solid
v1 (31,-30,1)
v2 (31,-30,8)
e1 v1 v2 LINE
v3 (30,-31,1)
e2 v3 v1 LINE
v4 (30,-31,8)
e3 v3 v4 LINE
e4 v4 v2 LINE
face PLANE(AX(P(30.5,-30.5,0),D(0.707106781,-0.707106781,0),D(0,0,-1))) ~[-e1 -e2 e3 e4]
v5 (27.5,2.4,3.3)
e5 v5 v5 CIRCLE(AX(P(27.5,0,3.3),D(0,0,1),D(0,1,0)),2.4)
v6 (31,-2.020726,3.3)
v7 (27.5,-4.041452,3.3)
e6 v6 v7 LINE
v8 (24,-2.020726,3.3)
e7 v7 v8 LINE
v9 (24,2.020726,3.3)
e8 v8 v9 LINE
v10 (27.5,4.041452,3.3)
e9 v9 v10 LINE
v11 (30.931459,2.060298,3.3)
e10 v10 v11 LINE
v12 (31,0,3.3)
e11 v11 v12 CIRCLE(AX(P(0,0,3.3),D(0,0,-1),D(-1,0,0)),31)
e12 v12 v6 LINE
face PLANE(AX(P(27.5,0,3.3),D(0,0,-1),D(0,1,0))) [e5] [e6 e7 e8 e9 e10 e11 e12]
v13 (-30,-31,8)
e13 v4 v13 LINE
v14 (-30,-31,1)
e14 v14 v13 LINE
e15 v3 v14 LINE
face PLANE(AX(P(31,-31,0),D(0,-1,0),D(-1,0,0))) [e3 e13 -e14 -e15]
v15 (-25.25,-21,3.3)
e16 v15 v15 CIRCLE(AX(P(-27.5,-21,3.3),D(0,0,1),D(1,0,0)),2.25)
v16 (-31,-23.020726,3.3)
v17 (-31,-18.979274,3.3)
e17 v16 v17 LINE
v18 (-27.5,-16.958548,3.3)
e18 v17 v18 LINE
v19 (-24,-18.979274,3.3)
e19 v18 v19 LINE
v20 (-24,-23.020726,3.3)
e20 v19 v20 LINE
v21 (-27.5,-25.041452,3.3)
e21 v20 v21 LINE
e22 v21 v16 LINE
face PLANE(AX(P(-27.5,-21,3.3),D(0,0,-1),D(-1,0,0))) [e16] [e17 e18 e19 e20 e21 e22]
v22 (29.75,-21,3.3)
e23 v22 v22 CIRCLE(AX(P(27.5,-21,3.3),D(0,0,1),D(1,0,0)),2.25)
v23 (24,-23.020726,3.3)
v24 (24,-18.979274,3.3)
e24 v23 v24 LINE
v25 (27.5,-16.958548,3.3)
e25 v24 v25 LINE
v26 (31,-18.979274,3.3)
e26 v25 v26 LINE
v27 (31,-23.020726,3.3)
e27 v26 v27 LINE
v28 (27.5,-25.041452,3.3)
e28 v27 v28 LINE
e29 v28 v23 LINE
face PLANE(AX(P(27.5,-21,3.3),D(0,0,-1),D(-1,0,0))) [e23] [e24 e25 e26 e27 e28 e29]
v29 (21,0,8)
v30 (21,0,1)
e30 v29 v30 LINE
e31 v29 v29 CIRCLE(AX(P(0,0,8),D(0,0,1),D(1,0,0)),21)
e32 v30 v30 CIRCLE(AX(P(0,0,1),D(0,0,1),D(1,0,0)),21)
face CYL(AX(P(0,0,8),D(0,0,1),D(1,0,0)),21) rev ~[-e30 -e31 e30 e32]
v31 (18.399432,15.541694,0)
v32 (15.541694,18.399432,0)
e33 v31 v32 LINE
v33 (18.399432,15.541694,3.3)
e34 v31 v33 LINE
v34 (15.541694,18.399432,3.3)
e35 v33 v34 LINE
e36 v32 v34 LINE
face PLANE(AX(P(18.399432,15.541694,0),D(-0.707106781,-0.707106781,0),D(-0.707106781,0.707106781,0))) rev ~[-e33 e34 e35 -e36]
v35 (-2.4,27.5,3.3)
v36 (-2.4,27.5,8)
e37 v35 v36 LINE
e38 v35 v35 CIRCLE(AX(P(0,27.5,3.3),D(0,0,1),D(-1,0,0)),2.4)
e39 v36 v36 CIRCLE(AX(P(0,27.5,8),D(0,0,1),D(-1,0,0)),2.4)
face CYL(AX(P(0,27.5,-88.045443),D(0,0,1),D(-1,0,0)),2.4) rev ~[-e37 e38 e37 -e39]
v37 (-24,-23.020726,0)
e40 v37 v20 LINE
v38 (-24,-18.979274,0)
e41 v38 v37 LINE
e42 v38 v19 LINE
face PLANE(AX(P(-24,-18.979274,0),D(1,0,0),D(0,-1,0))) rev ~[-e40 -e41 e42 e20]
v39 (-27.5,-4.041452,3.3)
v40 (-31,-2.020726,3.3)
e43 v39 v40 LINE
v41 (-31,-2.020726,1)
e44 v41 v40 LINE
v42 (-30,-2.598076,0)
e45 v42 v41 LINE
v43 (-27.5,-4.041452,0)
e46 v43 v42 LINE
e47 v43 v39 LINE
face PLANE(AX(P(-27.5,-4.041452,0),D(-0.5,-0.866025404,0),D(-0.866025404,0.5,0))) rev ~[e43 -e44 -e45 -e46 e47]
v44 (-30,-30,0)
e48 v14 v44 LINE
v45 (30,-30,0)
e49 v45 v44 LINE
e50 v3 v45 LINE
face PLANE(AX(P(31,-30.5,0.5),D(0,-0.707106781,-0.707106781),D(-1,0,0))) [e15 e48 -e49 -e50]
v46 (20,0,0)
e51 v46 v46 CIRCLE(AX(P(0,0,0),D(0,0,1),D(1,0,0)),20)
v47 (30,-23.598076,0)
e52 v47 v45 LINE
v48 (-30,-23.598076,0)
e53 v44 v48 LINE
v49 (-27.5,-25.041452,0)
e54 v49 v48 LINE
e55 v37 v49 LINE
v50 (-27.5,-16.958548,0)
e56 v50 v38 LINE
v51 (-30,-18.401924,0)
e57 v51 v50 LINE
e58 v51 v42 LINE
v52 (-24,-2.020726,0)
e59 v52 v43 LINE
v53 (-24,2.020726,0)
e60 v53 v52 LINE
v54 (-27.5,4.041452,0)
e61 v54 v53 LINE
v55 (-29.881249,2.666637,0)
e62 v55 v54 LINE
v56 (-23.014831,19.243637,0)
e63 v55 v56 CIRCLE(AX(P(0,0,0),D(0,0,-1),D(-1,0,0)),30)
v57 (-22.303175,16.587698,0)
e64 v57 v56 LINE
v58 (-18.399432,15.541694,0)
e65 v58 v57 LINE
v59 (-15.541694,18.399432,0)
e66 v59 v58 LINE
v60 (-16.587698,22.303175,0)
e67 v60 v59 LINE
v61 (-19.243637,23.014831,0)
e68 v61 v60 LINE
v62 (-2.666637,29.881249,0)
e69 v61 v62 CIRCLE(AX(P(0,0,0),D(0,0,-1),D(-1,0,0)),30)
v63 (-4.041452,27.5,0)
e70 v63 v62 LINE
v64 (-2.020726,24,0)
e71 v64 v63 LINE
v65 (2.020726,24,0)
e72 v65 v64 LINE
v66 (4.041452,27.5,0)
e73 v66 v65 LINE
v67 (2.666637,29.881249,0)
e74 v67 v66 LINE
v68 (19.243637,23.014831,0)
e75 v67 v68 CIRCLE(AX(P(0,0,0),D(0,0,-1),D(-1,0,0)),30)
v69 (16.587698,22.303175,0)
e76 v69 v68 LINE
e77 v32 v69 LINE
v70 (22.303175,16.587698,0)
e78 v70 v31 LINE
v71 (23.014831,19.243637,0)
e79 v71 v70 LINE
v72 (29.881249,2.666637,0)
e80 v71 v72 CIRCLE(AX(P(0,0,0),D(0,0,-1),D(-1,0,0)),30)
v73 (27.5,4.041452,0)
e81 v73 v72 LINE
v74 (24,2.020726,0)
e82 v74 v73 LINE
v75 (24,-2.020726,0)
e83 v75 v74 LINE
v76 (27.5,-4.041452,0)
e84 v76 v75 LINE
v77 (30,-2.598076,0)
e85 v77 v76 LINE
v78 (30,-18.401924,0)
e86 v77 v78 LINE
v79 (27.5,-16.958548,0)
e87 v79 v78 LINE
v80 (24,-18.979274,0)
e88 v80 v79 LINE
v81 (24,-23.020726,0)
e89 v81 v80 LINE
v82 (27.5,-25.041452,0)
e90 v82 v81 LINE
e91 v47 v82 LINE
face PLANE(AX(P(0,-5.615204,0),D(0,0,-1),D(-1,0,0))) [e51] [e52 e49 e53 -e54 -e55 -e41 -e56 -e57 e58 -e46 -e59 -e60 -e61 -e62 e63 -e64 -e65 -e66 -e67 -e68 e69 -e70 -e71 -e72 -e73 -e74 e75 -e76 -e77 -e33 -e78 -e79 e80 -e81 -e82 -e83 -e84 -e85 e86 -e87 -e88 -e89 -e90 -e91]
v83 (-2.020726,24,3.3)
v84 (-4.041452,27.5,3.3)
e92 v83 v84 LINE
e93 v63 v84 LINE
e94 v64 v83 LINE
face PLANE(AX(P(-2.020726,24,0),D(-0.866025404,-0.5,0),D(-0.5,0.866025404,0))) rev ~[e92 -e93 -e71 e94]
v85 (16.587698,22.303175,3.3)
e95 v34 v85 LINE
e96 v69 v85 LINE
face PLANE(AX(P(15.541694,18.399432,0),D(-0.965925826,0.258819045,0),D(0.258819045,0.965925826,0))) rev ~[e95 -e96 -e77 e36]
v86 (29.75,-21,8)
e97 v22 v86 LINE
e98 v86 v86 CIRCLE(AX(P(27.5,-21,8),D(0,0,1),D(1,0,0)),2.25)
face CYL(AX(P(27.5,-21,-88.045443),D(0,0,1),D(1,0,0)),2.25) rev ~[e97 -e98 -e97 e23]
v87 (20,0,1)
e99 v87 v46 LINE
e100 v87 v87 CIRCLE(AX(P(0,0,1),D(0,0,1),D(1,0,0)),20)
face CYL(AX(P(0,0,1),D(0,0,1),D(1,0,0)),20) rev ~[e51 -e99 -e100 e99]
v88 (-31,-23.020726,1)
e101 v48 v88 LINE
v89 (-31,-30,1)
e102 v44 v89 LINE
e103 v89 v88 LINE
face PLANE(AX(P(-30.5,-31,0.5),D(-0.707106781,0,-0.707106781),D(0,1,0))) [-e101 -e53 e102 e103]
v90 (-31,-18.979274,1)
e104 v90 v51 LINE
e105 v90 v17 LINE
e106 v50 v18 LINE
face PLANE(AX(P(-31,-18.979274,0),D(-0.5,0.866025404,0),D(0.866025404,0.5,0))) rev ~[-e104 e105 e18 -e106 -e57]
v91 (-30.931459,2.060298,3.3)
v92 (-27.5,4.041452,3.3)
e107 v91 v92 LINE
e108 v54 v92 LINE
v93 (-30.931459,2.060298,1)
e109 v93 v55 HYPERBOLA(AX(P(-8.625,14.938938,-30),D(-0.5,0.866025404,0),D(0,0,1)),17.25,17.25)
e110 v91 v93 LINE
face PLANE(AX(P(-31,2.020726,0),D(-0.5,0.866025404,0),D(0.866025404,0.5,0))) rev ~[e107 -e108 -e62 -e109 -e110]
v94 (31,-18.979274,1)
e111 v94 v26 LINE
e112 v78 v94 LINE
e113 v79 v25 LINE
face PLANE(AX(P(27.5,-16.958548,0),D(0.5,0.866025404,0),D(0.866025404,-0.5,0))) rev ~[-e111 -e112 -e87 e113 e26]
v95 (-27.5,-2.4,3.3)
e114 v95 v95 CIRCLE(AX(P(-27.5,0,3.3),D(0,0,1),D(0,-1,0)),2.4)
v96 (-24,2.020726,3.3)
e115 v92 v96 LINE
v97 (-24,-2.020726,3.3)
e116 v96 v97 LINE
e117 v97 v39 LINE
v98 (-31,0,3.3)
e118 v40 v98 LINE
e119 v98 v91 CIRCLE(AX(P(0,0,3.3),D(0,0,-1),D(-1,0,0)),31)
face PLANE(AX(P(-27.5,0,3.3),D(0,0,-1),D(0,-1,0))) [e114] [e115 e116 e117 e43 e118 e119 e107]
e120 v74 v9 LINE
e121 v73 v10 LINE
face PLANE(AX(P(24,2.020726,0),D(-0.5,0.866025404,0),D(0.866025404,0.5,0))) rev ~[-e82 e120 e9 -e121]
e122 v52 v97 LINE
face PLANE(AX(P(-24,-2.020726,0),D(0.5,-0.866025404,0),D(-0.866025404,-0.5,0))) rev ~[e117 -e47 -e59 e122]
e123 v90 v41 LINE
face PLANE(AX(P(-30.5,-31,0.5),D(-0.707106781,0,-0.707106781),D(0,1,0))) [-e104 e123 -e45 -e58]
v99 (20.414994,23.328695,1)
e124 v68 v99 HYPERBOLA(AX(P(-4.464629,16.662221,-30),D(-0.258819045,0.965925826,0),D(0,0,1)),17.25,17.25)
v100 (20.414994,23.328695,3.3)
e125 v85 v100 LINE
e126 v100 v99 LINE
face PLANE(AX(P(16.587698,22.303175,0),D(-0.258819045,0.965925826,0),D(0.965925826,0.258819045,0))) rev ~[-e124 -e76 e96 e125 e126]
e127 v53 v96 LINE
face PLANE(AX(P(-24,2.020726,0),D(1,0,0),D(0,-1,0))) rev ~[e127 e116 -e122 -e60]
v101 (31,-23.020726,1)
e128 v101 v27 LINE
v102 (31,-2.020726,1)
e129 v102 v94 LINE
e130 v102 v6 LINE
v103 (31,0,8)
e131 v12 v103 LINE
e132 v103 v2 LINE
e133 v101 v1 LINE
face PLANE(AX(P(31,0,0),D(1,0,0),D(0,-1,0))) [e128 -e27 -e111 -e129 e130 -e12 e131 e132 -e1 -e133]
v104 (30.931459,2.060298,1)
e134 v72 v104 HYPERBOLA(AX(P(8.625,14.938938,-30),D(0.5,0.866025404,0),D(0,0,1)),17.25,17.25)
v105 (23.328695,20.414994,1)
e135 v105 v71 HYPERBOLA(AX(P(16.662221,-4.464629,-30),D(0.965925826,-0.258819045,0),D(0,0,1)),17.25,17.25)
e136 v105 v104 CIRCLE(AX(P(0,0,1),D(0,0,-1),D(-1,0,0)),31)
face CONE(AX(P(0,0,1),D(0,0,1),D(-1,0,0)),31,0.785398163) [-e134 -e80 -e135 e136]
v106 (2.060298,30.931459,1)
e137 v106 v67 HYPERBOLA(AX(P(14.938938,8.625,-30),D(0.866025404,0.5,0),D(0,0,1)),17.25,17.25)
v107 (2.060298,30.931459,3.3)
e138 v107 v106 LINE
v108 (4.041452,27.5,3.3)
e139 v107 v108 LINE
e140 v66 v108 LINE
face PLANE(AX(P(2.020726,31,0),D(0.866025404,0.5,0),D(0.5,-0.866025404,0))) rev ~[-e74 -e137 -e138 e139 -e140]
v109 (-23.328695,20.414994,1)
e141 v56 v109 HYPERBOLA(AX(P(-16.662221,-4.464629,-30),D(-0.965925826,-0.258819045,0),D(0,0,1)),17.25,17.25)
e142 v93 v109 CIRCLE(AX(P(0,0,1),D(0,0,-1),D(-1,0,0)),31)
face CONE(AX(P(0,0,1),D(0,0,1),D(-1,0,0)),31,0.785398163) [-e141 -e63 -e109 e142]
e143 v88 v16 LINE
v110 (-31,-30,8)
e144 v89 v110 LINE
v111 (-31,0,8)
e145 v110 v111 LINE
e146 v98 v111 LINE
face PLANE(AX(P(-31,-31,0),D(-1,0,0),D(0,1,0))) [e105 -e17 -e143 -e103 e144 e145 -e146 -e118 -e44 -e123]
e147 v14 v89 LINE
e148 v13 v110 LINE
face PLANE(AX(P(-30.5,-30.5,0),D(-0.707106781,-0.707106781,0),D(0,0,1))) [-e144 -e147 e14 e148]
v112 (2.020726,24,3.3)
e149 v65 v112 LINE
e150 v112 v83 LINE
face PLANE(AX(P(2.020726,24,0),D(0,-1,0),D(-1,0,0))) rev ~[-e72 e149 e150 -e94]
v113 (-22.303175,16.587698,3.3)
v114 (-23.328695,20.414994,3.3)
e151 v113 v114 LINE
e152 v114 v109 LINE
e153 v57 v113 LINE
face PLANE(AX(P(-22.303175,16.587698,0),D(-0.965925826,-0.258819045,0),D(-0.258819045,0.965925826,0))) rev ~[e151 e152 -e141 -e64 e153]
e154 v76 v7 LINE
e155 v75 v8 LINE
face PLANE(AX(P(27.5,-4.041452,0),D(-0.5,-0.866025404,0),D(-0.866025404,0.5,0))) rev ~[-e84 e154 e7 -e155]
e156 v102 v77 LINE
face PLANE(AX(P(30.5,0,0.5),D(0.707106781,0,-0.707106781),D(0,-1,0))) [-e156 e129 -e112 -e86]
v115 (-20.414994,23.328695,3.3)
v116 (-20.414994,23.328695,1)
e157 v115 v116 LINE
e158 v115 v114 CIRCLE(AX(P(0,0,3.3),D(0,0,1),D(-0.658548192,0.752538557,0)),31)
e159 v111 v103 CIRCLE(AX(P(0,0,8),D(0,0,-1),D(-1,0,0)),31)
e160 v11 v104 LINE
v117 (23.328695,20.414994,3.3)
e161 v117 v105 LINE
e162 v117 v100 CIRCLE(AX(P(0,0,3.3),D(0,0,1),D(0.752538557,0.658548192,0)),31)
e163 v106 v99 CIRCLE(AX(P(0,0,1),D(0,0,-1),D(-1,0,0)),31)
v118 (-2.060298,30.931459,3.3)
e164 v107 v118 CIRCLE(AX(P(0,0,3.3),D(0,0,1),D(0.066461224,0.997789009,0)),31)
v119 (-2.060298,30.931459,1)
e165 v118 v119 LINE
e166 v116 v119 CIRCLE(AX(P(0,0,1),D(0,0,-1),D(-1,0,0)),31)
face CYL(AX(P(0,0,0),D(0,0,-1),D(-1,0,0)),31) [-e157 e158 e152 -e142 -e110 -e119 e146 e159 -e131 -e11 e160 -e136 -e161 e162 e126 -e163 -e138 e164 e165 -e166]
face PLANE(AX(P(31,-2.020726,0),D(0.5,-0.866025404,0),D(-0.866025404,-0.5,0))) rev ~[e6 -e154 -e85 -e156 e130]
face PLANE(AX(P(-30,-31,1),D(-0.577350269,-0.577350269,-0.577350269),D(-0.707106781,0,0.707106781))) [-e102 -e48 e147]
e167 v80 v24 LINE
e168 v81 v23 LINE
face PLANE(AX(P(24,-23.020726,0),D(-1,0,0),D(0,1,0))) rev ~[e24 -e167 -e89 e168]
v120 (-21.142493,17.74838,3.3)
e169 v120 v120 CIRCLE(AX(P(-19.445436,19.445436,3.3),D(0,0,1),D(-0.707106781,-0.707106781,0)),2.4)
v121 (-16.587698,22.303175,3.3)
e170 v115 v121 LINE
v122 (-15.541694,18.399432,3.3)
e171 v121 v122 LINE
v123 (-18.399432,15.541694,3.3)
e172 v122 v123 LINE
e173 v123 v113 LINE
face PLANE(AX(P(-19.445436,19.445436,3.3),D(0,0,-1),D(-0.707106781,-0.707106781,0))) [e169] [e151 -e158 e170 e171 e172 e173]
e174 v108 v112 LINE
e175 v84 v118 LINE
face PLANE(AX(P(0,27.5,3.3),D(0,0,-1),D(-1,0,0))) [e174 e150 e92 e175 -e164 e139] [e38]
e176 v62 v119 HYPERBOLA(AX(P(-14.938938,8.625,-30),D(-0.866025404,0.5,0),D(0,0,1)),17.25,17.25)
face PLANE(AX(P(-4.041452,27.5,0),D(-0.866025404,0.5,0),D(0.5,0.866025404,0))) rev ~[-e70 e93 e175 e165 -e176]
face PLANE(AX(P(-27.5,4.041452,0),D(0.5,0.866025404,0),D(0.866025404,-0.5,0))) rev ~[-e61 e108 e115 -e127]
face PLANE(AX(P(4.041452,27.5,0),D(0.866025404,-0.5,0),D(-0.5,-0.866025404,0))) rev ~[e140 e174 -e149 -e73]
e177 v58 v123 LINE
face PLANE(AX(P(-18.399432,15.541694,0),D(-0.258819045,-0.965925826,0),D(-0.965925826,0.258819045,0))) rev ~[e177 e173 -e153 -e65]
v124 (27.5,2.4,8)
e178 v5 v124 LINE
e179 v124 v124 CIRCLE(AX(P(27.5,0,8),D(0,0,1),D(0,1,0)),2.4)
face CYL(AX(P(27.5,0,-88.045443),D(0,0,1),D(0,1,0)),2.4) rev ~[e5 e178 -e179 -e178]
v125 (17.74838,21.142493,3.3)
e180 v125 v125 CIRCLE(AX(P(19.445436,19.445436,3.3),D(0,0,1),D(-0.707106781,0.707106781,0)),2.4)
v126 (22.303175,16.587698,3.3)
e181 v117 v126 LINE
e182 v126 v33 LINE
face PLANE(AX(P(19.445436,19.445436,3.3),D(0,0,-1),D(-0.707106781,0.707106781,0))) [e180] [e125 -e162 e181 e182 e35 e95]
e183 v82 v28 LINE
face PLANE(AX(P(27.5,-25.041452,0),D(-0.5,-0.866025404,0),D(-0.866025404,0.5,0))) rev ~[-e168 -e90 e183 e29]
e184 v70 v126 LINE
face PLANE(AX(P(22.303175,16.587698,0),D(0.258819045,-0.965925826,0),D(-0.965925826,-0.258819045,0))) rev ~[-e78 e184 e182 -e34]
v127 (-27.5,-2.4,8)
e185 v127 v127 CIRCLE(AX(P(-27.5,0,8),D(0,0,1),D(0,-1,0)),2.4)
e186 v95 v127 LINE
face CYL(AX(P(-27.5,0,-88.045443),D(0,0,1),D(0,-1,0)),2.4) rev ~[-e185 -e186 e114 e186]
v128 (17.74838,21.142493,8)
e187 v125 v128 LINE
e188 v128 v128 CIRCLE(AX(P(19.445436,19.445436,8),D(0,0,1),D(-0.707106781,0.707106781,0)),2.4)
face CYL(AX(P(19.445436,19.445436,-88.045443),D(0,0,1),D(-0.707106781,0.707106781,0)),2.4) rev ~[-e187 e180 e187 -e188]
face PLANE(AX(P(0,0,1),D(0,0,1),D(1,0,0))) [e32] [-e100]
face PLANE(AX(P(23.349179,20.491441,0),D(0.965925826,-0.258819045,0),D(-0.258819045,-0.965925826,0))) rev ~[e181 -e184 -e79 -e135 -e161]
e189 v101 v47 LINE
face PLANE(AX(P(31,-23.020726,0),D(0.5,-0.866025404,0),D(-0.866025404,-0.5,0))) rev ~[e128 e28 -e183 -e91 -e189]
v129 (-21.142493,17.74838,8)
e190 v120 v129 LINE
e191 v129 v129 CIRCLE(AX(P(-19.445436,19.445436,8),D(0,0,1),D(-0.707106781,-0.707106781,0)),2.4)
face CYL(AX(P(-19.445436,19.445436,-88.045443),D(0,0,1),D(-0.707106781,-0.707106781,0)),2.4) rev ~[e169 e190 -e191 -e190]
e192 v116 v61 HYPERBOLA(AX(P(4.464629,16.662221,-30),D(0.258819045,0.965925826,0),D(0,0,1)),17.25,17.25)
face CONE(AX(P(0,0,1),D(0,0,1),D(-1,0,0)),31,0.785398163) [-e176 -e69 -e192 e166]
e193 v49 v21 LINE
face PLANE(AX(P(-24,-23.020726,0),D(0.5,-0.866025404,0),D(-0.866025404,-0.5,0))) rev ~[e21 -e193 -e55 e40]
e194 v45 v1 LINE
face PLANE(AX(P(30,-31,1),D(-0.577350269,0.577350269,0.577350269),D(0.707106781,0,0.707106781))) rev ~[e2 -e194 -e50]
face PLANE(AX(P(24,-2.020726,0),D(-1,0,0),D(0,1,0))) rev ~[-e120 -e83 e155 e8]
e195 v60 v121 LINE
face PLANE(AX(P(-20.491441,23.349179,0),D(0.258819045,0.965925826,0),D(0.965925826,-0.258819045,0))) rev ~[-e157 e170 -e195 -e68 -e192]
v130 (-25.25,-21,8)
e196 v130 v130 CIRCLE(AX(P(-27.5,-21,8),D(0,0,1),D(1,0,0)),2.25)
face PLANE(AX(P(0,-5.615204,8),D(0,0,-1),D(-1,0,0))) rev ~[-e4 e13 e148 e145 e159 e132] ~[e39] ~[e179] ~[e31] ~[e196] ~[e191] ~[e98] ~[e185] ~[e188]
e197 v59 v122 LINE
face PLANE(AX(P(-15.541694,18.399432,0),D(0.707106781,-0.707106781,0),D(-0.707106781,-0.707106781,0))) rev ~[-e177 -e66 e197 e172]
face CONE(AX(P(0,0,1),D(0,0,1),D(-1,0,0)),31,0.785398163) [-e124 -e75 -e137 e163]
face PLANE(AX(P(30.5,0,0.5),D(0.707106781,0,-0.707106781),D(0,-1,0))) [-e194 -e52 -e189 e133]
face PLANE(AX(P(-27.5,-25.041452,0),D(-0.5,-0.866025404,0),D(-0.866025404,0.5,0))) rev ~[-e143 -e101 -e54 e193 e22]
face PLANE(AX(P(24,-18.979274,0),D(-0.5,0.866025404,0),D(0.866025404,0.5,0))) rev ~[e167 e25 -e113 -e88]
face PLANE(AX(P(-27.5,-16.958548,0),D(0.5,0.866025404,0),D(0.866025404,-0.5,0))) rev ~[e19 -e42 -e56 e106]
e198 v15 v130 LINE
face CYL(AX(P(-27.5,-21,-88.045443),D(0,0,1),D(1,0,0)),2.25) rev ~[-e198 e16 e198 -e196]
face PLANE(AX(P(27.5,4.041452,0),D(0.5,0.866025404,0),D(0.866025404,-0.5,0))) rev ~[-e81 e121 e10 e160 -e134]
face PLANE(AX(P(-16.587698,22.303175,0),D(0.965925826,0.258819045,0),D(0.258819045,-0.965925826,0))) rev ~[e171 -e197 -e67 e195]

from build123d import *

# Parameters (mm, degrees)
EXTRUDE_1_DEPTH          = 8
HOLE_WIZARD_M4_1_D       = 4.8
PATTERN_CIRCULAR_1_COUNT = 8
CHAMFER_1_SIZE           = 1
CUT_EXTRUDE_2_DEPTH      = 3.3
PATTERN_CIRCULAR_3_COUNT = 8
SKETCH_7_R               = 21
CUT_EXTRUDE_4_DEPTH      = 7
SKETCH_8_R               = 20
CUT_EXTRUDE_5_DEPTH      = 45.395945761
HOLE_WIZARD_M4_2_D       = 4.5
CUT_EXTRUDE_6_DEPTH      = 3.3


with BuildPart() as part:
    # ｽｹｯﾁ1 → ﾎﾞｽ - 押し出し1 (new body)
    with BuildSketch(Plane.XY):
        with BuildLine():
            Line((31, -31), (-31, -31))
            Line((-31, -31), (-31, 0))
            ThreePointArc((-31, 0), (0, 31), (31, 0))
            Line((31, 0), (31, -31))
        make_face()
    extrude(amount=EXTRUDE_1_DEPTH)

    # M4 すきま穴1 (through all)
    with Locations(Plane(origin=(0, 0, 0), x_dir=(1, 0, 0), z_dir=(0, 0, -1))):
        with Locations((0, -27.5)):
            hole_wizard_m4_1 = Hole(HOLE_WIZARD_M4_1_D / 2)

    # 円形ﾊﾟﾀｰﾝ1: M4 すきま穴1 ×8 about axis, 3 skipped
    pattern_circular_1_axis = Axis((0, 0, 0), (0, 0, -1))
    add([hole_wizard_m4_1.rotate(pattern_circular_1_axis, i * 360 / PATTERN_CIRCULAR_1_COUNT) for i in range(1, PATTERN_CIRCULAR_1_COUNT) if i not in (3, 4, 5)], mode=Mode.SUBTRACT)

    # 面取り1
    chamfer_1_edges = [part.edges().sort_by_distance(p)[0] for p in [
        (31, -15.5, 0),
        (0, -31, 0),
        (-31, -15.5, 0),
        (0, 31, 0),
        (31, -31, 4),
        (-31, -31, 4),
    ]]
    chamfer(chamfer_1_edges, length=CHAMFER_1_SIZE)

    # ｽｹｯﾁ5 → ｶｯﾄ - 押し出し2 (cut)
    with BuildSketch(Plane(origin=(0, 0, 0), x_dir=(-1, 0, 0), z_dir=(0, 0, -1))):
        Polygon((2.020725942, 24), (4.041451884, 27.5), (2.020725942, 31), (-2.020725942, 31), (-4.041451884, 27.5), (-2.020725942, 24), align=None)
    cut_extrude_2 = extrude(amount=-CUT_EXTRUDE_2_DEPTH, mode=Mode.SUBTRACT)

    # 円形ﾊﾟﾀｰﾝ3: ｶｯﾄ - 押し出し2 ×8 about axis, 3 skipped
    pattern_circular_3_axis = Axis((0, 0, 0), (0, 0, -1))
    add([cut_extrude_2.rotate(pattern_circular_3_axis, i * 360 / PATTERN_CIRCULAR_3_COUNT) for i in range(1, PATTERN_CIRCULAR_3_COUNT) if i not in (3, 4, 5)], mode=Mode.SUBTRACT)

    # ｽｹｯﾁ7 → ｶｯﾄ - 押し出し4 (cut)
    with BuildSketch(Plane.XY.offset(8)):
        Circle(SKETCH_7_R)
    extrude(amount=-CUT_EXTRUDE_4_DEPTH, mode=Mode.SUBTRACT)

    # ｽｹｯﾁ8 → ｶｯﾄ - 押し出し5 (cut, through all)
    with BuildSketch(Plane.XY.offset(1)):
        Circle(SKETCH_8_R)
    extrude(amount=-CUT_EXTRUDE_5_DEPTH, mode=Mode.SUBTRACT)

    # M4 すきま穴2 (through all)
    with Locations(Plane(origin=(0, 0, 0), x_dir=(-1, 0, 0), z_dir=(0, 0, -1))):
        with Locations((-27.5, -21), (27.5, -21)):
            Hole(HOLE_WIZARD_M4_2_D / 2)

    # ｽｹｯﾁ11 → ｶｯﾄ - 押し出し6 (cut)
    with BuildSketch(Plane(origin=(0, 0, 0), x_dir=(-1, 0, 0), z_dir=(0, 0, -1))):
        Polygon((-24, -23.020725942), (-24, -18.979274058), (-27.5, -16.958548116), (-31, -18.979274058), (-31, -23.020725942), (-27.5, -25.041451884), align=None)
        Polygon((27.5, -25.041451884), (31, -23.020725942), (31, -18.979274058), (27.5, -16.958548116), (24, -18.979274058), (24, -23.020725942), align=None)
    extrude(amount=-CUT_EXTRUDE_6_DEPTH, mode=Mode.SUBTRACT)


solid = part.part
